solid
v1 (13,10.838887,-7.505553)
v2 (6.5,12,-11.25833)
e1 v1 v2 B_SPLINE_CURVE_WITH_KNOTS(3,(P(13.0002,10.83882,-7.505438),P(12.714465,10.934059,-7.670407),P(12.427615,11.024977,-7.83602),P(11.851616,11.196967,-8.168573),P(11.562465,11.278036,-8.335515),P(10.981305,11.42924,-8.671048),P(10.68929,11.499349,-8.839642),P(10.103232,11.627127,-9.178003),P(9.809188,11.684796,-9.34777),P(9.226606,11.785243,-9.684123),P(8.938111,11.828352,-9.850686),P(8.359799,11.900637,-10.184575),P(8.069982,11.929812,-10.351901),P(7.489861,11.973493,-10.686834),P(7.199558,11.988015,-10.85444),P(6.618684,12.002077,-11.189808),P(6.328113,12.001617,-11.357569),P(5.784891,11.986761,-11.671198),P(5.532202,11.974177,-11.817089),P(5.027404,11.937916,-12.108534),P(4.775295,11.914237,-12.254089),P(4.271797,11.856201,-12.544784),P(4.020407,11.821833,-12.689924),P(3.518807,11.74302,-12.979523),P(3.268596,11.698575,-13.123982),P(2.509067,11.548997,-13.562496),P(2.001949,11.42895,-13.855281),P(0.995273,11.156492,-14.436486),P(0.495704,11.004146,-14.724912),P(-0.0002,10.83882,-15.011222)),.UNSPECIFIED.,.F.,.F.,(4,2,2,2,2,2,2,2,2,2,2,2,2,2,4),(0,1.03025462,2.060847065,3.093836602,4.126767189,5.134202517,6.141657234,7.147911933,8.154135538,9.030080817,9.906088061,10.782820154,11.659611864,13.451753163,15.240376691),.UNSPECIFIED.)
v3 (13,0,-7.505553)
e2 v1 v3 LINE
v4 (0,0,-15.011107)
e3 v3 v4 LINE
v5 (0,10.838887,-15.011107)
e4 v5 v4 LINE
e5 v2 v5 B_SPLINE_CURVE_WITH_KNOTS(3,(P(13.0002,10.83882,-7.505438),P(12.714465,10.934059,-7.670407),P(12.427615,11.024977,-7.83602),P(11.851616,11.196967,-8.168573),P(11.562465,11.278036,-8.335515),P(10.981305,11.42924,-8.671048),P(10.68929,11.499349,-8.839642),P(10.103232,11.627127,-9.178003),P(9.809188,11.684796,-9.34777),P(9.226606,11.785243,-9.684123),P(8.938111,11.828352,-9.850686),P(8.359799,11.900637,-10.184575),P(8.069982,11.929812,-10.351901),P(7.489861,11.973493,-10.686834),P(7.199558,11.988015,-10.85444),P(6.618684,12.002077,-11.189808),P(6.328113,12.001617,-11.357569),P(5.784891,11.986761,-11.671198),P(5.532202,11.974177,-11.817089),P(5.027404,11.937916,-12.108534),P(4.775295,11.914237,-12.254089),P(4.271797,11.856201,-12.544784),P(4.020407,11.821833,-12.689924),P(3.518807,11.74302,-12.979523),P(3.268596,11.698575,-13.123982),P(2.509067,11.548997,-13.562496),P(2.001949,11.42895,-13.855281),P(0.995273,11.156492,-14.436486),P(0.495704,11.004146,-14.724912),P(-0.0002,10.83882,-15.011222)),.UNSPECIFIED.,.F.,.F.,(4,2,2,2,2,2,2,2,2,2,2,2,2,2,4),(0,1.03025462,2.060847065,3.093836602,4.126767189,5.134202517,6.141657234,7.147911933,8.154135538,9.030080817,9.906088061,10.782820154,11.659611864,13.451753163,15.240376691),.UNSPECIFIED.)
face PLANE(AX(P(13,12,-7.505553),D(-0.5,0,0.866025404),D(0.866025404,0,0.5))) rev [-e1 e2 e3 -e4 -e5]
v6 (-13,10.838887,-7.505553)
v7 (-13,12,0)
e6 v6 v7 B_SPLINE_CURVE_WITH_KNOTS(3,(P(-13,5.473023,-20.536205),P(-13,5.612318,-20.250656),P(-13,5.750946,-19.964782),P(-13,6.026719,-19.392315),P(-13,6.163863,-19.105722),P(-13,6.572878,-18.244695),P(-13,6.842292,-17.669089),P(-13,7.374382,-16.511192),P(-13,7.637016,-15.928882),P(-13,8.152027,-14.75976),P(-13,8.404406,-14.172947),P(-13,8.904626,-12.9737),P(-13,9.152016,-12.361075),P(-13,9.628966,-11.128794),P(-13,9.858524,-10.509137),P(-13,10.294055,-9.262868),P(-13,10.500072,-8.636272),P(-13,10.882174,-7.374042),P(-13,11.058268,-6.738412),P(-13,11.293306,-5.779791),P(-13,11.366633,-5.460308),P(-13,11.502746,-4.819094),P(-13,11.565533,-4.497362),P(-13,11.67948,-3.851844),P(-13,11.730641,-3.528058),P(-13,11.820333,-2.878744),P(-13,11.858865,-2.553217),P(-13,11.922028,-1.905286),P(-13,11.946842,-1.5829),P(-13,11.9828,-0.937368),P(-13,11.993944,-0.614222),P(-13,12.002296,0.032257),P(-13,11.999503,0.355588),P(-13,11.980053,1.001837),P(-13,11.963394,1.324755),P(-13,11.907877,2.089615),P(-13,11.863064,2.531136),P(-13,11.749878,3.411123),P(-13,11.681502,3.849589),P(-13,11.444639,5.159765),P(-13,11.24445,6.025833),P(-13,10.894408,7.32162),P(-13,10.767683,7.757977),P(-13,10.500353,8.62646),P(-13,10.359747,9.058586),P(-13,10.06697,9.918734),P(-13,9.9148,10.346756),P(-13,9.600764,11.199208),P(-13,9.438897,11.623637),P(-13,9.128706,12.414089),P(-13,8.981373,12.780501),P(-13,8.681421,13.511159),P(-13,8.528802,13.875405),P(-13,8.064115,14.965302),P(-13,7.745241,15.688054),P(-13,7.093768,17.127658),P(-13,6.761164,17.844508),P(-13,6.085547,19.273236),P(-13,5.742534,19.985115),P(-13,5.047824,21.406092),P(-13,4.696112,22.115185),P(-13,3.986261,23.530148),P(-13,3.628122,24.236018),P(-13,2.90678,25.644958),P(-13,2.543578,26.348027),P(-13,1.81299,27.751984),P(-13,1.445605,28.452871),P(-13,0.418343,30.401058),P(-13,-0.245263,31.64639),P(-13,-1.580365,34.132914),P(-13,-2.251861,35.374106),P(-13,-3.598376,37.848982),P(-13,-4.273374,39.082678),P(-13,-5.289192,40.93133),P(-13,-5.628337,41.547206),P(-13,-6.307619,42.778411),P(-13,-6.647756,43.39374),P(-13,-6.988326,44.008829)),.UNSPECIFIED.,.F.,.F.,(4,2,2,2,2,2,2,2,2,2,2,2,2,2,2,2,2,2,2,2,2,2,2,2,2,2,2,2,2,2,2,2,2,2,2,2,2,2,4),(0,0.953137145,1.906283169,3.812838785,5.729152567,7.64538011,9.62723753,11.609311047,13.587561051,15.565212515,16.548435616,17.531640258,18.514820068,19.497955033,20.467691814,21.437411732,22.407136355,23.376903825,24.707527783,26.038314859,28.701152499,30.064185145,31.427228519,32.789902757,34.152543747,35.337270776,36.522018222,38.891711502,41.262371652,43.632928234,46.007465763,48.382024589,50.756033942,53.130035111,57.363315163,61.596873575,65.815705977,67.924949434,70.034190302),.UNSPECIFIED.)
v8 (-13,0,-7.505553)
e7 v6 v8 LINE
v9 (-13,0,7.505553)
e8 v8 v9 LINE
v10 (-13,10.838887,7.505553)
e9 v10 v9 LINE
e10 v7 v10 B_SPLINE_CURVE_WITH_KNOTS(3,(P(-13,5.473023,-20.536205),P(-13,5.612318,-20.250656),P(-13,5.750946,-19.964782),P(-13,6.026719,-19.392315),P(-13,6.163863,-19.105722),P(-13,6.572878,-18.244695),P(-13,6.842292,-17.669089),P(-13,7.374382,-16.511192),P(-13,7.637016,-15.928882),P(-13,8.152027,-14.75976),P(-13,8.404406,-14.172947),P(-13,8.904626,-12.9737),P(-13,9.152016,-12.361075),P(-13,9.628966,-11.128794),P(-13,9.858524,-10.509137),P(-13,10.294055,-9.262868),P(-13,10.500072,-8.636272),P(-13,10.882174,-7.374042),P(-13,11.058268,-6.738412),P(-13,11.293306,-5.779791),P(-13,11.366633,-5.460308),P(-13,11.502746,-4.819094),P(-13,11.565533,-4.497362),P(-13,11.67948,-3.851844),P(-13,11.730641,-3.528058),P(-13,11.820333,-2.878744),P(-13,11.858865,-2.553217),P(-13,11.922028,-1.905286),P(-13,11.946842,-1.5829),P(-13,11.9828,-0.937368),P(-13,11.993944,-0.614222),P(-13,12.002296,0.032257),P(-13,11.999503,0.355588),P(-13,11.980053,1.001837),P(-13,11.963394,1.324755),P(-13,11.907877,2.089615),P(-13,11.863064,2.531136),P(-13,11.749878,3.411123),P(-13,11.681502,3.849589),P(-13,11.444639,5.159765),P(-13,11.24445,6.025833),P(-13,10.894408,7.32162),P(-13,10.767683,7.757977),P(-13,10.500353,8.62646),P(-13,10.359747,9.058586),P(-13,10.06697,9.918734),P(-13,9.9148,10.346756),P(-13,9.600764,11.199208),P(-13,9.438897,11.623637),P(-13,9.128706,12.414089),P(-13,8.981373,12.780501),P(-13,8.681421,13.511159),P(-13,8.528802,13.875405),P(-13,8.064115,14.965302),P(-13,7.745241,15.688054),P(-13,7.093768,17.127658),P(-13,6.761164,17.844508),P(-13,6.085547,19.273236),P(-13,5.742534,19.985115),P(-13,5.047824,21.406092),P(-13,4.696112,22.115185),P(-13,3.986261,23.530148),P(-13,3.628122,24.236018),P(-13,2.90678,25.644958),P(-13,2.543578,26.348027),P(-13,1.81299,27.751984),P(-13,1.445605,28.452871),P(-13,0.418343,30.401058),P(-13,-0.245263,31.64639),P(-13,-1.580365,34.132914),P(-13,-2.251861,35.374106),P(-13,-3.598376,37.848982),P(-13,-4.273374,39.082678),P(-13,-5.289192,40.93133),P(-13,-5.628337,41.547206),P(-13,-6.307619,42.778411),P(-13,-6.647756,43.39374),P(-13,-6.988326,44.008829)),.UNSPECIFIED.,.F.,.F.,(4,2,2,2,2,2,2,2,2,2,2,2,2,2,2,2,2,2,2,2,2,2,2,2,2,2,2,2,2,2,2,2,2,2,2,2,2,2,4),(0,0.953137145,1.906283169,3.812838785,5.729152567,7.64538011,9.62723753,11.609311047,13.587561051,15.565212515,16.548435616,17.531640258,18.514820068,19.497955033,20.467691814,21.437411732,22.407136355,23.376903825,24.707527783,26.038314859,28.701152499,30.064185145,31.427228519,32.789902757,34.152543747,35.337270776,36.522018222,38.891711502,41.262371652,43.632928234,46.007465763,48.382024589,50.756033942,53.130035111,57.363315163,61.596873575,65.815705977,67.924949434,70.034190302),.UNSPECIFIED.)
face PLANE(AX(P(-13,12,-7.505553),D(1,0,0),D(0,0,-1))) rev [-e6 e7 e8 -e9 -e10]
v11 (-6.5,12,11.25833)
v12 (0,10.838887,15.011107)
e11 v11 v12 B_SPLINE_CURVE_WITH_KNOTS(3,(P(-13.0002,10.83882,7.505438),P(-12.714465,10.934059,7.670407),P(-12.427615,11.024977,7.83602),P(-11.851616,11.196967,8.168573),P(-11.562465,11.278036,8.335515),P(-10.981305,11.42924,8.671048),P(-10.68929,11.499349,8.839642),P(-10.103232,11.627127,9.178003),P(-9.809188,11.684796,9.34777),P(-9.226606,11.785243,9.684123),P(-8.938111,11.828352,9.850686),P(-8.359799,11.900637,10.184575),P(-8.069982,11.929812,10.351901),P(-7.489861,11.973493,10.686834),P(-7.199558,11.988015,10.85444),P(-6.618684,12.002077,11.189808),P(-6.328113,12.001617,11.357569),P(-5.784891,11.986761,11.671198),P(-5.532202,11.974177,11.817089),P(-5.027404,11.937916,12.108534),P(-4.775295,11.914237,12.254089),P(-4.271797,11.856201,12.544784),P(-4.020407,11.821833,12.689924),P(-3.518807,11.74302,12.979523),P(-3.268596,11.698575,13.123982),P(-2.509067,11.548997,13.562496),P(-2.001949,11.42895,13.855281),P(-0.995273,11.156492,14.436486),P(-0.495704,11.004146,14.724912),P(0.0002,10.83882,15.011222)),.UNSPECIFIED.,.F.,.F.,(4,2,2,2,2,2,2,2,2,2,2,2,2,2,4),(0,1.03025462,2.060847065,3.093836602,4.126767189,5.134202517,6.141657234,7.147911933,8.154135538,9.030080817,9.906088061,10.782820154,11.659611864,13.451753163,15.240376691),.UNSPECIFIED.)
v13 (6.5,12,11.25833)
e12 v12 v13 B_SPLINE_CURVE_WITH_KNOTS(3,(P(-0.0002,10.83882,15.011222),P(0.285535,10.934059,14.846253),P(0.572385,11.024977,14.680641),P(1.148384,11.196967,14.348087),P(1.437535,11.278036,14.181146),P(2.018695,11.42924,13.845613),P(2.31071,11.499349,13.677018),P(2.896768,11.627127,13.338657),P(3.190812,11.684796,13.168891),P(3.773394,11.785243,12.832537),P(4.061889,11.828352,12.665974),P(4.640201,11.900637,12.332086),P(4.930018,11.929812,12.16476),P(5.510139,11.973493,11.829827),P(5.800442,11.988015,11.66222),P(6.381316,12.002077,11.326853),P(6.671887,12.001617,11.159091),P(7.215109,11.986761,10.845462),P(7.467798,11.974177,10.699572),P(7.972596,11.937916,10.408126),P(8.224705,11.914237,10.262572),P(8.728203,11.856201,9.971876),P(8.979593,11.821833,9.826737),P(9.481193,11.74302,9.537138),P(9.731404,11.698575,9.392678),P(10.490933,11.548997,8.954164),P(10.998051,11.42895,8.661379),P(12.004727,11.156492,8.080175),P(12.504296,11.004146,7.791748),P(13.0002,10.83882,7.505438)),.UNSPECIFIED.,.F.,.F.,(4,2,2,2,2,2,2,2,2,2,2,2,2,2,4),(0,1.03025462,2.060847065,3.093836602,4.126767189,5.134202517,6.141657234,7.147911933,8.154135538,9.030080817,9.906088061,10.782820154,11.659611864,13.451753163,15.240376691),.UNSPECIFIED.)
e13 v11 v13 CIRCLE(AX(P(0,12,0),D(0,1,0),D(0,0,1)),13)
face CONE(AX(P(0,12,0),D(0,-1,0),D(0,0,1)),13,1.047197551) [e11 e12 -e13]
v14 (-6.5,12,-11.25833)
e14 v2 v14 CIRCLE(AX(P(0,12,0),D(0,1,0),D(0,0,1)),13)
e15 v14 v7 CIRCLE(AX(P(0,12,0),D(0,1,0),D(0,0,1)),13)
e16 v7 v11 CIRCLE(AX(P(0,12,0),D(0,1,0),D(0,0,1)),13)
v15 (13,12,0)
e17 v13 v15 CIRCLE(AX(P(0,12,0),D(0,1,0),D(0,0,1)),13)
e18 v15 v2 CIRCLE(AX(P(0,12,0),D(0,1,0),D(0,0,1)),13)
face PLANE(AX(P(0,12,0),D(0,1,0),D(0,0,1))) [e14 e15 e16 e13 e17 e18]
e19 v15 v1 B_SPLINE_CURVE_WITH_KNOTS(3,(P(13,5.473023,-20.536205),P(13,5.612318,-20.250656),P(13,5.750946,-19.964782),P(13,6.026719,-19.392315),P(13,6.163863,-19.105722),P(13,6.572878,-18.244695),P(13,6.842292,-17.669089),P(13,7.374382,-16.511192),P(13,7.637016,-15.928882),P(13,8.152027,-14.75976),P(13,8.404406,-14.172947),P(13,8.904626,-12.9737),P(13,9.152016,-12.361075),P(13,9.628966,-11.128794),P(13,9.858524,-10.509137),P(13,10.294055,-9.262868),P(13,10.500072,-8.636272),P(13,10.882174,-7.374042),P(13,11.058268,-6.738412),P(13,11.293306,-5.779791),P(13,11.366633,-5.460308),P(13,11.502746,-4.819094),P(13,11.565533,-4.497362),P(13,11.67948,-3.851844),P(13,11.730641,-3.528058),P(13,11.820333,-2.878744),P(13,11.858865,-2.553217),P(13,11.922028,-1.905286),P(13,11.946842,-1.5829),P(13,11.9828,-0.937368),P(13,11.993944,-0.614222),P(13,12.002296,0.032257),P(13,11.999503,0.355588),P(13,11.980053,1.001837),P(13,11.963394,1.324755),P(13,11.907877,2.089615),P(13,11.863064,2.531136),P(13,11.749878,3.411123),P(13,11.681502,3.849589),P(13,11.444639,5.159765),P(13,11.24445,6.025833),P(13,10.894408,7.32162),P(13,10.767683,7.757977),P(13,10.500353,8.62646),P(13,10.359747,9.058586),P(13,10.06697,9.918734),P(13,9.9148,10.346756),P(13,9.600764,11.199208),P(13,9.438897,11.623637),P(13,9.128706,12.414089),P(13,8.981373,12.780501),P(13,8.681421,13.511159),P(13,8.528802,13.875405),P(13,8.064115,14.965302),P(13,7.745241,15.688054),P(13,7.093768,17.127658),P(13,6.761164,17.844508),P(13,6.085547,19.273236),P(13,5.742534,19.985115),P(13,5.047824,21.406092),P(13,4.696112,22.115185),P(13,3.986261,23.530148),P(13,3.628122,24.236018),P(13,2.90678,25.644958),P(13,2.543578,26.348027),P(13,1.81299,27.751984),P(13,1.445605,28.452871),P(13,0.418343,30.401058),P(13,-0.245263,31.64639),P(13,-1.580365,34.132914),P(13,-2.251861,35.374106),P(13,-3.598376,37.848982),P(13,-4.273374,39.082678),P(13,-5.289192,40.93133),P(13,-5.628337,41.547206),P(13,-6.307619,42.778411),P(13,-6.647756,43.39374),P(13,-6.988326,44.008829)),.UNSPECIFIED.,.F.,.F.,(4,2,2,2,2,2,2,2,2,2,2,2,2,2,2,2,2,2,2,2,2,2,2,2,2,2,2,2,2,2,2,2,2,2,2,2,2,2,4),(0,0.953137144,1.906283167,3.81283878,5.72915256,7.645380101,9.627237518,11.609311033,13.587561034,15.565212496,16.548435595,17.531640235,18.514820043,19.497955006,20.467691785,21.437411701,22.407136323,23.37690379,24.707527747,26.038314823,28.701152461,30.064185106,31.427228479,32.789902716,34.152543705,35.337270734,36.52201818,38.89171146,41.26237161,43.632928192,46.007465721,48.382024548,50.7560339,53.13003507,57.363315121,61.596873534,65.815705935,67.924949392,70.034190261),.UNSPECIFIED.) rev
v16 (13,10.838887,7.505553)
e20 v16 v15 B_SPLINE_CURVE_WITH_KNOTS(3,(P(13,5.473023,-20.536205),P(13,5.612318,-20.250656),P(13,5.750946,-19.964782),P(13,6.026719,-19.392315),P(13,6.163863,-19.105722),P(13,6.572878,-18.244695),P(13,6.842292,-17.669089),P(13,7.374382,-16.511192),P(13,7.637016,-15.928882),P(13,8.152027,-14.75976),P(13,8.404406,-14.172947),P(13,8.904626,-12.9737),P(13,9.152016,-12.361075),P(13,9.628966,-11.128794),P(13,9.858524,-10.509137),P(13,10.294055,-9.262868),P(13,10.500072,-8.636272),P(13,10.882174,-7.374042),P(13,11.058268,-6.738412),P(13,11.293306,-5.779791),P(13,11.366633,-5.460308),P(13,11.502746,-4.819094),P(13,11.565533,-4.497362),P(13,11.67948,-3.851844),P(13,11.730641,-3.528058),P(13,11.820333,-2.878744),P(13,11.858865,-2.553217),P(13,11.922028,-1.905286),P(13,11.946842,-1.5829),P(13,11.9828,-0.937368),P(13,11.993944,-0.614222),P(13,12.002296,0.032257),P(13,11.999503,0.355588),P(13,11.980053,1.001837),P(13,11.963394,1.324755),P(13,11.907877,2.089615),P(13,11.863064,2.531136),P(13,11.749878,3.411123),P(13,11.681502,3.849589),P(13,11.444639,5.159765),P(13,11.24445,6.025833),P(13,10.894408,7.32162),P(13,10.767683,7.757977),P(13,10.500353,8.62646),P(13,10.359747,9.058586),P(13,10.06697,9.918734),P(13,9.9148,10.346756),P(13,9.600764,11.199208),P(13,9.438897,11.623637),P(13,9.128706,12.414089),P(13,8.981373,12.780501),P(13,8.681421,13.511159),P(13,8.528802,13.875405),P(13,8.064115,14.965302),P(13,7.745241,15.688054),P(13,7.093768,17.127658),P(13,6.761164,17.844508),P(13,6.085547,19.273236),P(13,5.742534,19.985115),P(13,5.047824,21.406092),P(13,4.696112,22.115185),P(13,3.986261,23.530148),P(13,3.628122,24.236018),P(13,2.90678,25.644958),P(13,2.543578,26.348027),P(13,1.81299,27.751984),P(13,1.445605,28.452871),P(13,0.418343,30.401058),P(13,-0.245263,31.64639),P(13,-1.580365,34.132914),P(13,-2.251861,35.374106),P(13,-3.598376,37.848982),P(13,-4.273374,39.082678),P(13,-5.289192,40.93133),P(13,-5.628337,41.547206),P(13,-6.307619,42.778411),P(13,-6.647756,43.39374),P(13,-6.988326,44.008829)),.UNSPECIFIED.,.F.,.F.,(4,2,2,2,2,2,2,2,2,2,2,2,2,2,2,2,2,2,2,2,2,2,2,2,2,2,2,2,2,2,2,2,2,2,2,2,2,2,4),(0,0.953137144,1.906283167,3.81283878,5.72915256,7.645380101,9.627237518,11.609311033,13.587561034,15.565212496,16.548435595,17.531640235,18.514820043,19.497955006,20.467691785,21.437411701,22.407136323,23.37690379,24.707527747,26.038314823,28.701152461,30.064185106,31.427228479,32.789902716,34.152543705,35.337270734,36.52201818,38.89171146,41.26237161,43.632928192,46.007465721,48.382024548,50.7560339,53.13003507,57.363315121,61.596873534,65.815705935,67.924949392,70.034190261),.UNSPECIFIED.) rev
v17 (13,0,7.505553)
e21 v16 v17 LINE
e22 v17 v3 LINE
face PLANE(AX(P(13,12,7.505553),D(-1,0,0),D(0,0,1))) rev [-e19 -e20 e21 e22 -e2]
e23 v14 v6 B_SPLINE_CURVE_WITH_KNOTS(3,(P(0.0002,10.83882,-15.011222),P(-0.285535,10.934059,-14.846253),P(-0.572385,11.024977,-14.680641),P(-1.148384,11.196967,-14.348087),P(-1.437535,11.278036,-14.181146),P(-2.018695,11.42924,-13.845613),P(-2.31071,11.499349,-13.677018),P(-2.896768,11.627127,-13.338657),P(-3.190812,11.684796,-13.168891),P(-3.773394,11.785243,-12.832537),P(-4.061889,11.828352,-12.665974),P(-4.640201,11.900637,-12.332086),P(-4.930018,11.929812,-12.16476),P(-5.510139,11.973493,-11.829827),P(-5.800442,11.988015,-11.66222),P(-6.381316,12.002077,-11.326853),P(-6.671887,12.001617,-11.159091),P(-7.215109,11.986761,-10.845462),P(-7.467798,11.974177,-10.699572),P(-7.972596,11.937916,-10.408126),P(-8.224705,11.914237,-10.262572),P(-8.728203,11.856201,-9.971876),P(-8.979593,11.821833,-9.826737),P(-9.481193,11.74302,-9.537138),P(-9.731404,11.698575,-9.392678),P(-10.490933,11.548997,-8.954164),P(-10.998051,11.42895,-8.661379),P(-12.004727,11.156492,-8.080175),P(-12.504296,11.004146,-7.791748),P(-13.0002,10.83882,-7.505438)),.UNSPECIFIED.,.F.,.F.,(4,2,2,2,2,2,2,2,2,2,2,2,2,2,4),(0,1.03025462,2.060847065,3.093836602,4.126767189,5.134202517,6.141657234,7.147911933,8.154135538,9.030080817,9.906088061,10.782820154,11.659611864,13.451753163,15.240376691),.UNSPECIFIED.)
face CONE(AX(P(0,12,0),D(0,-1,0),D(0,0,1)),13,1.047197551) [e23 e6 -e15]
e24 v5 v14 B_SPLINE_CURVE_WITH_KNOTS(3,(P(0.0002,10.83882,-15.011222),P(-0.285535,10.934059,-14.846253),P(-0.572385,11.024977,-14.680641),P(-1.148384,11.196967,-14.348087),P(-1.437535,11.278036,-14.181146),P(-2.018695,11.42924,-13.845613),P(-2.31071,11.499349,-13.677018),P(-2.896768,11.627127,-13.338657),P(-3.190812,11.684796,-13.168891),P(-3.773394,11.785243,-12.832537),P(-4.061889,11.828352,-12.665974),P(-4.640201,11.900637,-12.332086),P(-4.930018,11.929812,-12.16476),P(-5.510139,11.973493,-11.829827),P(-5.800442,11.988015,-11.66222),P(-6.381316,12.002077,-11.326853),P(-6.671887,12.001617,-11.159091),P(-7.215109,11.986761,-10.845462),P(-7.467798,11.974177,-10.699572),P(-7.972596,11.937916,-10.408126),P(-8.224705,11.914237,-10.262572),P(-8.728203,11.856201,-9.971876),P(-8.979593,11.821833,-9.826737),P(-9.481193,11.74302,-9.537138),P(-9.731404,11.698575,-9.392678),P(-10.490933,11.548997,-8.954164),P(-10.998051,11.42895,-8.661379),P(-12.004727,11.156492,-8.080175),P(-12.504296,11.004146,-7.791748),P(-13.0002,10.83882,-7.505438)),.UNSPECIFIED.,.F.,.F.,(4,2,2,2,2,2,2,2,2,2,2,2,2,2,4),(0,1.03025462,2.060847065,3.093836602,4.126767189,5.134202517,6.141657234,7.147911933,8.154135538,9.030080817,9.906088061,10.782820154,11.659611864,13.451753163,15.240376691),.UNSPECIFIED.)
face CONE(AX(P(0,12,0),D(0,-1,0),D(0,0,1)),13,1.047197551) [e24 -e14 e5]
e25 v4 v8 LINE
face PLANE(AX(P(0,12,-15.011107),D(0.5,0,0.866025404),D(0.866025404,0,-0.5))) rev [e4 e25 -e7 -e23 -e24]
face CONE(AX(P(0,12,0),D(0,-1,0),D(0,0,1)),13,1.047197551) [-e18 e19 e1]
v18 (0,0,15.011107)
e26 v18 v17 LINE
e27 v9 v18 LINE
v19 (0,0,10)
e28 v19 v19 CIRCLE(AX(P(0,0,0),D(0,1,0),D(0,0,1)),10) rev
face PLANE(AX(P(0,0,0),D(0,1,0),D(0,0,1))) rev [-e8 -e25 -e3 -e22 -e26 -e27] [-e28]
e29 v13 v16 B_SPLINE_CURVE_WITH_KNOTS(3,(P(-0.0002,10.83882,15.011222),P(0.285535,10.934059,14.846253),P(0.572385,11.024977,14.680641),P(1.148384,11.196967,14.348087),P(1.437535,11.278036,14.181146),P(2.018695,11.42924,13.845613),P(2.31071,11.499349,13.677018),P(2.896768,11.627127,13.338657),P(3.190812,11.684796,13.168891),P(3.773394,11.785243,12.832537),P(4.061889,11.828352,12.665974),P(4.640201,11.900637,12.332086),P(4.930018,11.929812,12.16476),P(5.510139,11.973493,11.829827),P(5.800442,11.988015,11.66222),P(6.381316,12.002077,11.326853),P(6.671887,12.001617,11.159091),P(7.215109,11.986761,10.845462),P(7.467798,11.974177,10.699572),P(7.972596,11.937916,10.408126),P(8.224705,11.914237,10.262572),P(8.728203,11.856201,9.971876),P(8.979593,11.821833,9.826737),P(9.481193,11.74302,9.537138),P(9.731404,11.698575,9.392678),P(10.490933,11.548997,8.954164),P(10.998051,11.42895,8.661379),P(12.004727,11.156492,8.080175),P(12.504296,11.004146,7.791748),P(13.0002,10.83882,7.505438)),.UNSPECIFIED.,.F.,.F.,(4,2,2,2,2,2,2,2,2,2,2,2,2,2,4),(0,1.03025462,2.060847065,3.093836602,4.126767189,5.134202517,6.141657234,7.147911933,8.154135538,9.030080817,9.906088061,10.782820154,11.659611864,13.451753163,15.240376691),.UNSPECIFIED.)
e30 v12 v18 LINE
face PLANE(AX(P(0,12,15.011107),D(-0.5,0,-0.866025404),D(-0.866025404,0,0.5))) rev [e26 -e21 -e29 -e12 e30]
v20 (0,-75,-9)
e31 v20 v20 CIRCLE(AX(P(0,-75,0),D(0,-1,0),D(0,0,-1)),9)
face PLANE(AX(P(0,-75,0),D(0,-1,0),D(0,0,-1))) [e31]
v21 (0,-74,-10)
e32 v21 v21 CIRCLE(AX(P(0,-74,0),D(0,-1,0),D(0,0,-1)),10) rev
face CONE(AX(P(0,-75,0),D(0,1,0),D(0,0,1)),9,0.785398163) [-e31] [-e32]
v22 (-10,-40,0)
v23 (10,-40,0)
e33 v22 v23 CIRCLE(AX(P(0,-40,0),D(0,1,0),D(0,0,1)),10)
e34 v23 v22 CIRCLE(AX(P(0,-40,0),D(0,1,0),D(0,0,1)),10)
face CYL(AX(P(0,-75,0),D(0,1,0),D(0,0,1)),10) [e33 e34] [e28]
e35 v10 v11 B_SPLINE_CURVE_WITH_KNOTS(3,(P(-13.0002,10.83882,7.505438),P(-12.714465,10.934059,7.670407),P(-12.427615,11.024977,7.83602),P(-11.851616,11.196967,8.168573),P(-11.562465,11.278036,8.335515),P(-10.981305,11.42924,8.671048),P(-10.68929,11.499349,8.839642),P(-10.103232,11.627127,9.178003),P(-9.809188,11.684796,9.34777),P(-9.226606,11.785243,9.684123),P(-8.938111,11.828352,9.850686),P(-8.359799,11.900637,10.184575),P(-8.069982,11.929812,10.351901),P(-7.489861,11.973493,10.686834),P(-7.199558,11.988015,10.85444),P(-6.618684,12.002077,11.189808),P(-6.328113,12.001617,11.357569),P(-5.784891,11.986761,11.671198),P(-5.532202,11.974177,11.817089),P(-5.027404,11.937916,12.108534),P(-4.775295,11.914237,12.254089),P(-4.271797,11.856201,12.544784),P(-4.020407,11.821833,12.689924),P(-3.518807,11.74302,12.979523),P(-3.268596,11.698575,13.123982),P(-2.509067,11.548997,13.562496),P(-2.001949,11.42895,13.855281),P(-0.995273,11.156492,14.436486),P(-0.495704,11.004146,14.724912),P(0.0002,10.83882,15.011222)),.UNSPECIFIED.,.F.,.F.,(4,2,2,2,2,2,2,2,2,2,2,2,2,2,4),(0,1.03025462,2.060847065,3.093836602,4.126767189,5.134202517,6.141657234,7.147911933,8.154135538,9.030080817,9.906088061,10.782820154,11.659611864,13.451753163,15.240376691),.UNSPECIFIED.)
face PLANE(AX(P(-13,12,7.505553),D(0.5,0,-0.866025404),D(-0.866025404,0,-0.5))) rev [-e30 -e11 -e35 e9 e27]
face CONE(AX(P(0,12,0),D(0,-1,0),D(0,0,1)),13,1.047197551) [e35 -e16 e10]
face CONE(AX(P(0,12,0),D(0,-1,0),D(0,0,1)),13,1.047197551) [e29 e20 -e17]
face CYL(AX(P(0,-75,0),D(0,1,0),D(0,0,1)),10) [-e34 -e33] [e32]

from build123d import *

# Parameters (mm, degrees)
BOSS_EXTRUDE1_DEPTH = 12
SKETCH2_OUTSIDE_W   = 77.868
SKETCH2_OUTSIDE_H   = 81.89
SKETCH2_OUTSIDE_R   = 13
CUT_EXTRUDE2_DEPTH  = 12
CUT_EXTRUDE2_DRAFT  = -60
SKETCH3_R           = 10
BOSS_EXTRUDE2_DEPTH = 75
CHAMFER1_SIZE       = 1


with BuildPart() as part:
    # Sketch1 → Boss-Extrude1 (new body)
    with BuildSketch(Plane(origin=(0, 0, 0), x_dir=(1, 0, 0), z_dir=(0, 1, 0))):
        Polygon((13, 7.505553499), (0, 15.011106999), (-13, 7.505553499), (-13, -7.505553499), (0, -15.011106999), (13, -7.505553499), align=None)
    extrude(amount=BOSS_EXTRUDE1_DEPTH)


with BuildPart() as cut_extrude2_tool:
    # Sketch2 outside → Cut-Extrude2 (with draft: the straight prism first)
    with BuildSketch(Plane(origin=(0, 12, 0), x_dir=(1, 0, 0), z_dir=(0, 1, 0))):
        Rectangle(SKETCH2_OUTSIDE_W, SKETCH2_OUTSIDE_H)
        Circle(SKETCH2_OUTSIDE_R, mode=Mode.SUBTRACT)
    extrude(amount=-CUT_EXTRUDE2_DEPTH)
    # Cut-Extrude2: the draft: its side faces are tilted about the plane it starts from
    cut_extrude2_sides = [cut_extrude2_tool.faces().sort_by_distance(p)[0] for p in [
        (0, 6, 40.945),
        (38.934, 6, 0),
        (0, 6, -40.945),
        (-38.934, 6, 0),
        (-13, 6, 0),
    ]]
    draft(cut_extrude2_sides, Plane(origin=(0, 12, 0), x_dir=(1, 0, 0), z_dir=(0, 1, 0)), CUT_EXTRUDE2_DRAFT)


with BuildPart() as part_1:
    add(part.part)

    # Cut-Extrude2: cut by cut_extrude2_tool
    add(cut_extrude2_tool.part, mode=Mode.SUBTRACT)

    # Sketch3 → Boss-Extrude2 (add)
    with BuildSketch(Plane.XZ):
        with Locations(Location((0, 0, 0), (0, 0, 90))):
            Circle(SKETCH3_R)
    extrude(amount=BOSS_EXTRUDE2_DEPTH)

    # Chamfer1
    chamfer1_edges = [part_1.edges().sort_by_distance(p)[0] for p in [
        (0, -75, -10),
    ]]
    chamfer(chamfer1_edges, length=CHAMFER1_SIZE)


solid = part_1.part
